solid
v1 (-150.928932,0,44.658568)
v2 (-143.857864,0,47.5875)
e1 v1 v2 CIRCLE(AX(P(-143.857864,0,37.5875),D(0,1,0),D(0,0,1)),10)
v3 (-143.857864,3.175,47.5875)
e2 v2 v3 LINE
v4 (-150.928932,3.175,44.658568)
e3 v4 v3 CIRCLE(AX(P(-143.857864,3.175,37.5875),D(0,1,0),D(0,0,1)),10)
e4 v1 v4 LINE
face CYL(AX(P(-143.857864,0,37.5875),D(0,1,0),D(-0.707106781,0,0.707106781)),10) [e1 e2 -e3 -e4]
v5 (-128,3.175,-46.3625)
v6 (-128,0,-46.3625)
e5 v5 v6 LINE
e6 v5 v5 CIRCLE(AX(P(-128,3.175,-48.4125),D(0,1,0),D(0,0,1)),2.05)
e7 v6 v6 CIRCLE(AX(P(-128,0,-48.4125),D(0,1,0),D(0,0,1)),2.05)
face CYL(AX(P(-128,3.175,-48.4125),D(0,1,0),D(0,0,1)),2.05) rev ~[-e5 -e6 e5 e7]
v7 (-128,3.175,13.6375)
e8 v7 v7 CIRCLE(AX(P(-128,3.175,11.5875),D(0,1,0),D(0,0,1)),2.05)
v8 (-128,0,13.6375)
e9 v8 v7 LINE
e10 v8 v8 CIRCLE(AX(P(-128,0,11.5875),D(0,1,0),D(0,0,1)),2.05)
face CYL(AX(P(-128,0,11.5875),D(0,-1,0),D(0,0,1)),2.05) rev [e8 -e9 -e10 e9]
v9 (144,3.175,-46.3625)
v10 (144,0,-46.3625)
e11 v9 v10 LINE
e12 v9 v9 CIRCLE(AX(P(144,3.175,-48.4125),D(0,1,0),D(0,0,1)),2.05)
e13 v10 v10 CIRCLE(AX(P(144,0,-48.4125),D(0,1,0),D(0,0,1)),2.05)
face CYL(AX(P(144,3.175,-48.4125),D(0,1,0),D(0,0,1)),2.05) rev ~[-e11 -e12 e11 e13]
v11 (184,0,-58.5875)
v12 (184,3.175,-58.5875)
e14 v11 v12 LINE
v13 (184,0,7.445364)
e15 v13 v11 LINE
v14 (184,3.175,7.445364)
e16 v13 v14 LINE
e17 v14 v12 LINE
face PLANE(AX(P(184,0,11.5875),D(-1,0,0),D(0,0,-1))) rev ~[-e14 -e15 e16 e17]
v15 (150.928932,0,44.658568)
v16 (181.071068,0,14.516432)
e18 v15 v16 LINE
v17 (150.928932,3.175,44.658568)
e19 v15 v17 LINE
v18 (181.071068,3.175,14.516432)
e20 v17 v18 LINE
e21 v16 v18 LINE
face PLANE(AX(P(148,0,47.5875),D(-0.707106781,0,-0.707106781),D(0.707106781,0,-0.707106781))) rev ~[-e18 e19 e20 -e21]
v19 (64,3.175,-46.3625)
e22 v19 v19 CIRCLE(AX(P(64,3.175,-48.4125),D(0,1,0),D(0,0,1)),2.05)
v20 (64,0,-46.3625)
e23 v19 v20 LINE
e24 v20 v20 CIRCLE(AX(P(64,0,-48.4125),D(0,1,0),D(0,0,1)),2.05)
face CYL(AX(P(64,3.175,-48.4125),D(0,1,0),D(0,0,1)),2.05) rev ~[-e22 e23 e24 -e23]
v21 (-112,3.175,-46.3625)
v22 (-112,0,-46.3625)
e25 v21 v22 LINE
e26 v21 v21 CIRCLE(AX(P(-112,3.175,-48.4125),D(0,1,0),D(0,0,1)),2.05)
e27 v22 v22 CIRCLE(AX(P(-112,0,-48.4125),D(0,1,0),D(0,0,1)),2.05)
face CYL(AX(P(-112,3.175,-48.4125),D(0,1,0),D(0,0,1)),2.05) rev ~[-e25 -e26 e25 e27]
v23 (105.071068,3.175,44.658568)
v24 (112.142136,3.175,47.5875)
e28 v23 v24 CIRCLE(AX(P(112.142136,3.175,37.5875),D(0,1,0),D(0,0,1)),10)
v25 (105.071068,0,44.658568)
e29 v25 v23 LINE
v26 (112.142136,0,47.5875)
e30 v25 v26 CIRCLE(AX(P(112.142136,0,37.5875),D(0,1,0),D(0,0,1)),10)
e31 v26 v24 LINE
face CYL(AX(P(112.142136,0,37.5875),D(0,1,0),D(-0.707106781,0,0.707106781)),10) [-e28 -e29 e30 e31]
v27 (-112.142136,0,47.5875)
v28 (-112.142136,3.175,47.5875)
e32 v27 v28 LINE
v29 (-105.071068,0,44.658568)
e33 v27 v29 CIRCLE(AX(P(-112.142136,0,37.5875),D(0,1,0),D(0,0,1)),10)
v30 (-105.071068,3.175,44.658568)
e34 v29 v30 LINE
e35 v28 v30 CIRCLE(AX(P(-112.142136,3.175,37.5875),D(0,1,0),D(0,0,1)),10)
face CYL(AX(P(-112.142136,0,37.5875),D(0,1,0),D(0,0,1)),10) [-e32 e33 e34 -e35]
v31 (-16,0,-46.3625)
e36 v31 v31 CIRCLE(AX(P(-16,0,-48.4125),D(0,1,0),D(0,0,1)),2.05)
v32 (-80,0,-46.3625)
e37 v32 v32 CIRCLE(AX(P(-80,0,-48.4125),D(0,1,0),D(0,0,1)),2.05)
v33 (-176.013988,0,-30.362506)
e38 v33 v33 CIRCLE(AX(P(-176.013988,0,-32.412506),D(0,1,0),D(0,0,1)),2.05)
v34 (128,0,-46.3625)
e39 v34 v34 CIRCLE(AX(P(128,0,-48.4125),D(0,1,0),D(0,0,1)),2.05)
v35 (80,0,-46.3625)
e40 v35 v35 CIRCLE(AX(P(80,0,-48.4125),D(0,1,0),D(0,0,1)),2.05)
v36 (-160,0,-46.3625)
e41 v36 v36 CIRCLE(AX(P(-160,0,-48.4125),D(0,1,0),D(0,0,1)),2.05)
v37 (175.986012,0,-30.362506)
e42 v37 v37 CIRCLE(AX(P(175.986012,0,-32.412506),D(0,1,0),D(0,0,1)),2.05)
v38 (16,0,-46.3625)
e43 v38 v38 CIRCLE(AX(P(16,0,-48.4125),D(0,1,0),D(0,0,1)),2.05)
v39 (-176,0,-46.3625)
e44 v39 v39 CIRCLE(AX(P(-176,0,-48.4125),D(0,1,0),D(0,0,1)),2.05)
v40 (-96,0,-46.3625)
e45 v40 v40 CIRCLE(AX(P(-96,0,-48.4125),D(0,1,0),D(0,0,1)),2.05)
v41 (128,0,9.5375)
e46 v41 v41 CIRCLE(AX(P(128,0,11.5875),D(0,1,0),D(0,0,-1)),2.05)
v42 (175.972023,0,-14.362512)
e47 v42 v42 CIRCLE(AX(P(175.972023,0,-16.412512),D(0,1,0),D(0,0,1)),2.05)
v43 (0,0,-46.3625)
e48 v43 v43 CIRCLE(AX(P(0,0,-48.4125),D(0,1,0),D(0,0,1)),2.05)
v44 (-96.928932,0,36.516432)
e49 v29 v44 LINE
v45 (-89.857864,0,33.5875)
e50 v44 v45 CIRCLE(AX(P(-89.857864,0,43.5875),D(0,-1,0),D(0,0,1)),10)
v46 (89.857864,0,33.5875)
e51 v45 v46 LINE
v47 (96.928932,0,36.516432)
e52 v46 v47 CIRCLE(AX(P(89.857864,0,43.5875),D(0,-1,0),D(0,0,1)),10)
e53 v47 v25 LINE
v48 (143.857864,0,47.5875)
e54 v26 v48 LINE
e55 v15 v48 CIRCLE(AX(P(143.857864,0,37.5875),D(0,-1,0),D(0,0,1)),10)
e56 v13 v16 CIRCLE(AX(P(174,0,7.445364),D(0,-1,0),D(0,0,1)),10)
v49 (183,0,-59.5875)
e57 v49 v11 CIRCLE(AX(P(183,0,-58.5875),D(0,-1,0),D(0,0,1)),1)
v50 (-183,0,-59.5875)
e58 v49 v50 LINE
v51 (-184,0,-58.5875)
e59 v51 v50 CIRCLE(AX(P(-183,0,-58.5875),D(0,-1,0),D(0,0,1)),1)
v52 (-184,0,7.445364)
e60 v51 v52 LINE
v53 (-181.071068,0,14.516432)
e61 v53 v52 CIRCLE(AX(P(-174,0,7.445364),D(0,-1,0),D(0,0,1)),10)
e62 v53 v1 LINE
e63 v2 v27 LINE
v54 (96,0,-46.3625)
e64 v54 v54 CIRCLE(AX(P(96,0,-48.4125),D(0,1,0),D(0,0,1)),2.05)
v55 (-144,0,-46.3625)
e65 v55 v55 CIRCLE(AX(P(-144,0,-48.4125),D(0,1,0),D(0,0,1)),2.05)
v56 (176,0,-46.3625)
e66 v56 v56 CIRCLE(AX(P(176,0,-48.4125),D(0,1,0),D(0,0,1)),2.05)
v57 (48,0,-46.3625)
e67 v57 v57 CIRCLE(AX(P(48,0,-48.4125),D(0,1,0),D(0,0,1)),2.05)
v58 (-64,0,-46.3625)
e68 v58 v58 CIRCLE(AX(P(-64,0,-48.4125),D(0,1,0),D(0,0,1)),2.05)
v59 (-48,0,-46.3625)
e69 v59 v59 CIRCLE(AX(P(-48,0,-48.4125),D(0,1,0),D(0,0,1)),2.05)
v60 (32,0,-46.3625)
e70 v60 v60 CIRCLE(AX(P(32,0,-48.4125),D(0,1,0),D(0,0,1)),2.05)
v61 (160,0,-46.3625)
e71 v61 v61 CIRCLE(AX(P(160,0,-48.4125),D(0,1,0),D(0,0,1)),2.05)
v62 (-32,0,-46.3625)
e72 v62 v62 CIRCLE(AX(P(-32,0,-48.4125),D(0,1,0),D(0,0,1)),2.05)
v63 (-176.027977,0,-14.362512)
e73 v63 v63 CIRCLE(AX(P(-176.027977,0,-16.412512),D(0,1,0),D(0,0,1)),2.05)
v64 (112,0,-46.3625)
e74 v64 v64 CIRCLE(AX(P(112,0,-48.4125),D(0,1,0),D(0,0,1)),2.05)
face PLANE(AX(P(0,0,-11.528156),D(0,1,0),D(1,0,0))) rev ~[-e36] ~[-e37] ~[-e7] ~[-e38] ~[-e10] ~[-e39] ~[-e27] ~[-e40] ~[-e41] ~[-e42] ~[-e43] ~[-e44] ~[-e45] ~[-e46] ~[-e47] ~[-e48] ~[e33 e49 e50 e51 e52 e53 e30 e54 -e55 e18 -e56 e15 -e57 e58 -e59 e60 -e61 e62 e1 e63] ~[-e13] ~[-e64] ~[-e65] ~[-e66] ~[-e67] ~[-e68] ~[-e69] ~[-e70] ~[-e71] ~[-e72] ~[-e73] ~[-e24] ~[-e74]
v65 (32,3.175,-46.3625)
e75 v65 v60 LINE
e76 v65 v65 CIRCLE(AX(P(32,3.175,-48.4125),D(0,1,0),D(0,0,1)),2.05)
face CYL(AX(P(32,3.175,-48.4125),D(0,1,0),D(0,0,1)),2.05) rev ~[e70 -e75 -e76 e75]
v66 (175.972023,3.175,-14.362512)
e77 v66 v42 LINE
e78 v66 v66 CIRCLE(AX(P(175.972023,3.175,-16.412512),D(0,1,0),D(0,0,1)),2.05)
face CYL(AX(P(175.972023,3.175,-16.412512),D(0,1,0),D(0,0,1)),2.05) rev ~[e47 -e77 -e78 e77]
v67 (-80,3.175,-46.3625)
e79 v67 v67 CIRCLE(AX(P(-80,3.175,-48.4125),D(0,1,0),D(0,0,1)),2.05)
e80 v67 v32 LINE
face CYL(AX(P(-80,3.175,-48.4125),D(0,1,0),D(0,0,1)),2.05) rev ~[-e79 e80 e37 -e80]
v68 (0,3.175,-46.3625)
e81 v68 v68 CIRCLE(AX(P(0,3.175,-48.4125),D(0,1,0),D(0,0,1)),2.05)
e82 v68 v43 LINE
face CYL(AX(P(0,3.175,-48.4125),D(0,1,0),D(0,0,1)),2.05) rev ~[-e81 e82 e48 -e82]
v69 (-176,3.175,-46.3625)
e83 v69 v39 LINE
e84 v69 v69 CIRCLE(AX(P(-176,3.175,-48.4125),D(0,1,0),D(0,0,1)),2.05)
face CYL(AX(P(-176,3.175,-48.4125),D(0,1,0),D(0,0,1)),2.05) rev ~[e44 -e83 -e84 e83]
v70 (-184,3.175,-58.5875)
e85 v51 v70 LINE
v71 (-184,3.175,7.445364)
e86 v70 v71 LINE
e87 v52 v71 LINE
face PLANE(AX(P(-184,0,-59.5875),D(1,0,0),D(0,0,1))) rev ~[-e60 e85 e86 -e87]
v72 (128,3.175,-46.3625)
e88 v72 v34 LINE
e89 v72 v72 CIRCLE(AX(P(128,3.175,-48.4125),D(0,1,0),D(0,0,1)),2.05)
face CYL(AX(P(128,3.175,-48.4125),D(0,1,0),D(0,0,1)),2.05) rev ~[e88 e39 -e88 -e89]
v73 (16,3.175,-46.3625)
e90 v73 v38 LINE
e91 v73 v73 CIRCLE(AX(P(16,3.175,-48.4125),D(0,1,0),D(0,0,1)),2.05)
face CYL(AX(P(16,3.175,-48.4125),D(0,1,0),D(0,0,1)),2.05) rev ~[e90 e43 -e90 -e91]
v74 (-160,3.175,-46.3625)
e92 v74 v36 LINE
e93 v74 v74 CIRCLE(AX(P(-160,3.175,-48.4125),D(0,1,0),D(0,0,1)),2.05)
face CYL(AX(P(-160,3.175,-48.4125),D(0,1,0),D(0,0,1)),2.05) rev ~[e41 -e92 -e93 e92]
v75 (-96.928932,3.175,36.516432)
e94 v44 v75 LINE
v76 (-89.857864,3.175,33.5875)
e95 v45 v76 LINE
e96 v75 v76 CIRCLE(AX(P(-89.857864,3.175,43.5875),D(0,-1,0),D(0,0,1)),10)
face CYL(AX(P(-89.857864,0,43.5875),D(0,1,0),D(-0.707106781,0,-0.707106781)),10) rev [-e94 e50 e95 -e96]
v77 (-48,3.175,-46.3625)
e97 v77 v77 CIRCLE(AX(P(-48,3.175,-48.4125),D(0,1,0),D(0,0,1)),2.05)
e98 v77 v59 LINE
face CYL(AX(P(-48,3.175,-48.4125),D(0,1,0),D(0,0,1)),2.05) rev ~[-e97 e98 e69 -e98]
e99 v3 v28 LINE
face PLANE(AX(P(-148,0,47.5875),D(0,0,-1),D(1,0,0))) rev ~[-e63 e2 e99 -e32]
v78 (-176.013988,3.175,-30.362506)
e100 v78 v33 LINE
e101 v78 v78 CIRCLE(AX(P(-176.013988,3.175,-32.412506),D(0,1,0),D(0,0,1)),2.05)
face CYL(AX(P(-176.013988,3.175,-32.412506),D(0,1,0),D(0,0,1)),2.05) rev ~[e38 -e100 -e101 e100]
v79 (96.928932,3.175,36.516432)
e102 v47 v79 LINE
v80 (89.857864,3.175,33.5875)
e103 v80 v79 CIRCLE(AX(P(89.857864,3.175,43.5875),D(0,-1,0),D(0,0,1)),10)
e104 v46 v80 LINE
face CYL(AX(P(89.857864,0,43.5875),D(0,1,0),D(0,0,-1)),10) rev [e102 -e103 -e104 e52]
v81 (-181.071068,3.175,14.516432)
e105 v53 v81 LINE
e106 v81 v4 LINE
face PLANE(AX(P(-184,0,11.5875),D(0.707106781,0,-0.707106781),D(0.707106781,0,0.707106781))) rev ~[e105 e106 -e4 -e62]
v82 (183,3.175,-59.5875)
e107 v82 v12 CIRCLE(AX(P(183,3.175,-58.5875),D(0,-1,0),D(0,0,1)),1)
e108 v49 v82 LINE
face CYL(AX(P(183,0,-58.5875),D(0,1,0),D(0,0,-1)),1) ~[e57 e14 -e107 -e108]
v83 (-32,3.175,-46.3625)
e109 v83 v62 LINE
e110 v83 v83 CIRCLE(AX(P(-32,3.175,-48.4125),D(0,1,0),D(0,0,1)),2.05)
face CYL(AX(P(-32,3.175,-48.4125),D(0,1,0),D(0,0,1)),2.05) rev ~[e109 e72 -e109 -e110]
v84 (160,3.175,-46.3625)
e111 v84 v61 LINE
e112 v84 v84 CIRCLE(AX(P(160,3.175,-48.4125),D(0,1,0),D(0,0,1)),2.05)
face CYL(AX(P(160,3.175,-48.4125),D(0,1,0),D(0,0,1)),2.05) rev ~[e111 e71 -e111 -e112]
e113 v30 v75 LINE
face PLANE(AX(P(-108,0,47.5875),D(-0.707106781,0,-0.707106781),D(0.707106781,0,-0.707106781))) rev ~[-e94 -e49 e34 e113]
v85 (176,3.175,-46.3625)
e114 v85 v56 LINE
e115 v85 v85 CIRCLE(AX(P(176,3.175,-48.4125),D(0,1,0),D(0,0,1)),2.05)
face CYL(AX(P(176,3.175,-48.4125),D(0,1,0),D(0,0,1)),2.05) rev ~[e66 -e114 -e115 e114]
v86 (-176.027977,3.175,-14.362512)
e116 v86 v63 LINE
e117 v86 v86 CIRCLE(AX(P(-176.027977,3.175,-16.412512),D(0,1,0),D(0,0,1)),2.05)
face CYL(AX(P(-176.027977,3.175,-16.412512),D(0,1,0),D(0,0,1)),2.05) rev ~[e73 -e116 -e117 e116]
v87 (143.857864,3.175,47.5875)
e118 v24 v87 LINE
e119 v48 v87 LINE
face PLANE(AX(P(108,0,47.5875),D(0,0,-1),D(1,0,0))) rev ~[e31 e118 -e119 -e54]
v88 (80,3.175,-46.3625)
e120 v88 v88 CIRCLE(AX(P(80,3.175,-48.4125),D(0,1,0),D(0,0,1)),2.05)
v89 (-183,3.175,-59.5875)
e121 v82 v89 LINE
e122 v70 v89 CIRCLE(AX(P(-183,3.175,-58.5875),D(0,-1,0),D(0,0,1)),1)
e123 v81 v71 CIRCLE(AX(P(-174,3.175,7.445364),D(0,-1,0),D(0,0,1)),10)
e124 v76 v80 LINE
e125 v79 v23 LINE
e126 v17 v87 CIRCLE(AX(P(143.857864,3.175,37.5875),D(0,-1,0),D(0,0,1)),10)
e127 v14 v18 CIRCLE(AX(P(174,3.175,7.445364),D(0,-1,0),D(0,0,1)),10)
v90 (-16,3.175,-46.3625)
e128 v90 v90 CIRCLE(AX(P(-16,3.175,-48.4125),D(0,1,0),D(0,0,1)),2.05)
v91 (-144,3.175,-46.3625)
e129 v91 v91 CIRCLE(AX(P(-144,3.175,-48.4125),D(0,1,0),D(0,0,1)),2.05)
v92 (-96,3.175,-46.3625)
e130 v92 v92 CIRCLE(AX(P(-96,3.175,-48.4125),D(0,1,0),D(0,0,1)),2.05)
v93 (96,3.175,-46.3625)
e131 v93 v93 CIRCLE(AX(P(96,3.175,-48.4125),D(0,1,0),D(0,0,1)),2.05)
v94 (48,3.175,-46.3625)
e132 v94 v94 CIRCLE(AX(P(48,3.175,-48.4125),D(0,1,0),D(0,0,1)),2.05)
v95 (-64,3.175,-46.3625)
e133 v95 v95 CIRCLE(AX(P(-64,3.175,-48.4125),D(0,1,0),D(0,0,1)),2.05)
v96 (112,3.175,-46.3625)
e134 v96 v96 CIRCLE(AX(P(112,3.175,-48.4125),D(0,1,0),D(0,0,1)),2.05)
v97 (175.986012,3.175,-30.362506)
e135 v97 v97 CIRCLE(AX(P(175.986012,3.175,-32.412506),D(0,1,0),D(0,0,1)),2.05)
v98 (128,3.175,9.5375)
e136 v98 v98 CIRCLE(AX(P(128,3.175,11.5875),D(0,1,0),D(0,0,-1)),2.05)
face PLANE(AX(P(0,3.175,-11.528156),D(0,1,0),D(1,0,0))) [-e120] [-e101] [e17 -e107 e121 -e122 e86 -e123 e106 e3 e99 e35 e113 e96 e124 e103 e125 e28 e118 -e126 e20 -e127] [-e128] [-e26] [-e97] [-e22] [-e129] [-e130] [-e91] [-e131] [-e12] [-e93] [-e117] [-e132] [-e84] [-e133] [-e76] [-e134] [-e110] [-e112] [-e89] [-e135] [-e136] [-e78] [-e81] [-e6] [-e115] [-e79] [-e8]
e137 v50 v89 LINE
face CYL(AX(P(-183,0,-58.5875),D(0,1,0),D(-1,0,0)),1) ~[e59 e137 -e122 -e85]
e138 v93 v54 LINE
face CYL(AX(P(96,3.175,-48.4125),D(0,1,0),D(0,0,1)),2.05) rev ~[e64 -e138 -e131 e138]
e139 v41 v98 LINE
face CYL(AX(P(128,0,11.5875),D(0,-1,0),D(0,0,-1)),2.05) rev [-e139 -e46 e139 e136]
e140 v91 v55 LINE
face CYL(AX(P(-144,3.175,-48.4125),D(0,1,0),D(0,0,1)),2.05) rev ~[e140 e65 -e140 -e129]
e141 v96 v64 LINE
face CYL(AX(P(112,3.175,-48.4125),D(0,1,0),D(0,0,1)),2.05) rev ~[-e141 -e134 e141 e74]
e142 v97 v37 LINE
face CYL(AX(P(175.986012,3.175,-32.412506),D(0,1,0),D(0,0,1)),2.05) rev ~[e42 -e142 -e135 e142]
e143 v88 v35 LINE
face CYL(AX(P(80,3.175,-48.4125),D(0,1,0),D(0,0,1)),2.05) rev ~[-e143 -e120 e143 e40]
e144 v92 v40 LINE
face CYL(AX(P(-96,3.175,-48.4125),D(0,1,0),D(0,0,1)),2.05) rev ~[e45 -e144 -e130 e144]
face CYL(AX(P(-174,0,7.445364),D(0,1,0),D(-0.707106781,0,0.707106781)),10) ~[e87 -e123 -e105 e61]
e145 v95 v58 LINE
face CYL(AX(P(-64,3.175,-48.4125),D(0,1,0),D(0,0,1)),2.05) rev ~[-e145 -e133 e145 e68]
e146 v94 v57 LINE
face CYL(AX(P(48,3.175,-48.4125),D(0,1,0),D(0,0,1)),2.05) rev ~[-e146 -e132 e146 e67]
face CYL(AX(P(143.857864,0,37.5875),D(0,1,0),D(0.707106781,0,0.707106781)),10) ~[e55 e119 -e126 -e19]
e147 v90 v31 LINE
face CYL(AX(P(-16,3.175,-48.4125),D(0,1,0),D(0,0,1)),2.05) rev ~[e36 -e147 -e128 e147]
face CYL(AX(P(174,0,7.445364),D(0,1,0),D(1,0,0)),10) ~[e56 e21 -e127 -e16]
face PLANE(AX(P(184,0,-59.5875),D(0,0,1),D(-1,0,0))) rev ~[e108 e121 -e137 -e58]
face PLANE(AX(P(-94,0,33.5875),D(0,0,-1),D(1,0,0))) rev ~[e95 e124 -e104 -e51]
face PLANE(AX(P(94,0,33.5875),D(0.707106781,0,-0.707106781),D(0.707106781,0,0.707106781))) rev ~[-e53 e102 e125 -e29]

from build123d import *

# Parameters (mm, degrees)
SKETCH3_R           = 2.05
BOSS_EXTRUDE2_DEPTH = 3.175
FILLET1_R           = 10
FILLET2_R           = 1
SKETCH6_R           = 2.05
CUT_EXTRUDE3_DEPTH  = 3.18


with BuildPart() as part:
    # Sketch3 → Boss-Extrude2 (new body)
    with BuildSketch(Plane(origin=(0, 0, 0), x_dir=(1, 0, 0), z_dir=(0, 1, 0))):
        Polygon((-184, -11.5875), (-148, -47.5875), (-108, -47.5875), (-94, -33.5875), (94, -33.5875), (108, -47.5875), (148, -47.5875), (184, -11.5875), (184, 59.5875), (-184, 59.5875), align=None)
        with Locations(Location((-128, -11.5875, 0), (0, 0, 270))):
            Circle(SKETCH3_R, mode=Mode.SUBTRACT)
        with Locations(Location((128, -11.5875, 0), (0, 0, 90))):
            Circle(SKETCH3_R, mode=Mode.SUBTRACT)
    extrude(amount=BOSS_EXTRUDE2_DEPTH)

    # Fillet1
    fillet1_edges = [part.edges().sort_by_distance(p)[0] for p in [
        (184, 1.5875, 11.5875),
        (148, 1.5875, 47.5875),
        (108, 1.5875, 47.5875),
        (94, 1.5875, 33.5875),
        (-94, 1.5875, 33.5875),
        (-108, 1.5875, 47.5875),
        (-148, 1.5875, 47.5875),
        (-184, 1.5875, 11.5875),
    ]]
    fillet(fillet1_edges, radius=FILLET1_R)

    # Fillet2
    fillet2_edges = [part.edges().sort_by_distance(p)[0] for p in [
        (184, 1.5875, -59.5875),
        (-184, 1.5875, -59.5875),
    ]]
    fillet(fillet2_edges, radius=FILLET2_R)

    # Sketch6 → Cut-Extrude3 (cut)
    with BuildSketch(Plane(origin=(0, 3.175, 0), x_dir=(1, 0, 0), z_dir=(0, 1, 0))):
        with Locations(Location((-176, 48.4125, 0), (0, 0, 270))):
            Circle(SKETCH6_R)
        with Locations(Location((-160, 48.4125, 0), (0, 0, 270))):
            Circle(SKETCH6_R)
        with Locations(Location((-144, 48.4125, 0), (0, 0, 270))):
            Circle(SKETCH6_R)
        with Locations(Location((-128, 48.4125, 0), (0, 0, 270))):
            Circle(SKETCH6_R)
        with Locations(Location((-112, 48.4125, 0), (0, 0, 270))):
            Circle(SKETCH6_R)
        with Locations(Location((-96, 48.4125, 0), (0, 0, 270))):
            Circle(SKETCH6_R)
        with Locations(Location((-80, 48.4125, 0), (0, 0, 270))):
            Circle(SKETCH6_R)
        with Locations(Location((-64, 48.4125, 0), (0, 0, 270))):
            Circle(SKETCH6_R)
        with Locations(Location((-48, 48.4125, 0), (0, 0, 270))):
            Circle(SKETCH6_R)
        with Locations(Location((-32, 48.4125, 0), (0, 0, 270))):
            Circle(SKETCH6_R)
        with Locations(Location((-16, 48.4125, 0), (0, 0, 270))):
            Circle(SKETCH6_R)
        with Locations(Location((0, 48.4125, 0), (0, 0, 270))):
            Circle(SKETCH6_R)
        with Locations(Location((16, 48.4125, 0), (0, 0, 270))):
            Circle(SKETCH6_R)
        with Locations(Location((32, 48.4125, 0), (0, 0, 270))):
            Circle(SKETCH6_R)
        with Locations(Location((48, 48.4125, 0), (0, 0, 270))):
            Circle(SKETCH6_R)
        with Locations(Location((64, 48.4125, 0), (0, 0, 270))):
            Circle(SKETCH6_R)
        with Locations(Location((80, 48.4125, 0), (0, 0, 270))):
            Circle(SKETCH6_R)
        with Locations(Location((96, 48.4125, 0), (0, 0, 270))):
            Circle(SKETCH6_R)
        with Locations(Location((112, 48.4125, 0), (0, 0, 270))):
            Circle(SKETCH6_R)
        with Locations(Location((128, 48.4125, 0), (0, 0, 270))):
            Circle(SKETCH6_R)
        with Locations(Location((144, 48.4125, 0), (0, 0, 270))):
            Circle(SKETCH6_R)
        with Locations(Location((160, 48.4125, 0), (0, 0, 270))):
            Circle(SKETCH6_R)
        with Locations(Location((176, 48.4125, 0), (0, 0, 270))):
            Circle(SKETCH6_R)
        with Locations(Location((175.986011582, 32.412506115, 0), (0, 0, 270))):
            Circle(SKETCH6_R)
        with Locations(Location((175.972023163, 16.41251223, 0), (0, 0, 270))):
            Circle(SKETCH6_R)
        with Locations(Location((-176.013988418, 32.412506115, 0), (0, 0, 270))):
            Circle(SKETCH6_R)
        with Locations(Location((-176.027976837, 16.41251223, 0), (0, 0, 270))):
            Circle(SKETCH6_R)
    extrude(amount=-CUT_EXTRUDE3_DEPTH, mode=Mode.SUBTRACT)


solid = part.part
